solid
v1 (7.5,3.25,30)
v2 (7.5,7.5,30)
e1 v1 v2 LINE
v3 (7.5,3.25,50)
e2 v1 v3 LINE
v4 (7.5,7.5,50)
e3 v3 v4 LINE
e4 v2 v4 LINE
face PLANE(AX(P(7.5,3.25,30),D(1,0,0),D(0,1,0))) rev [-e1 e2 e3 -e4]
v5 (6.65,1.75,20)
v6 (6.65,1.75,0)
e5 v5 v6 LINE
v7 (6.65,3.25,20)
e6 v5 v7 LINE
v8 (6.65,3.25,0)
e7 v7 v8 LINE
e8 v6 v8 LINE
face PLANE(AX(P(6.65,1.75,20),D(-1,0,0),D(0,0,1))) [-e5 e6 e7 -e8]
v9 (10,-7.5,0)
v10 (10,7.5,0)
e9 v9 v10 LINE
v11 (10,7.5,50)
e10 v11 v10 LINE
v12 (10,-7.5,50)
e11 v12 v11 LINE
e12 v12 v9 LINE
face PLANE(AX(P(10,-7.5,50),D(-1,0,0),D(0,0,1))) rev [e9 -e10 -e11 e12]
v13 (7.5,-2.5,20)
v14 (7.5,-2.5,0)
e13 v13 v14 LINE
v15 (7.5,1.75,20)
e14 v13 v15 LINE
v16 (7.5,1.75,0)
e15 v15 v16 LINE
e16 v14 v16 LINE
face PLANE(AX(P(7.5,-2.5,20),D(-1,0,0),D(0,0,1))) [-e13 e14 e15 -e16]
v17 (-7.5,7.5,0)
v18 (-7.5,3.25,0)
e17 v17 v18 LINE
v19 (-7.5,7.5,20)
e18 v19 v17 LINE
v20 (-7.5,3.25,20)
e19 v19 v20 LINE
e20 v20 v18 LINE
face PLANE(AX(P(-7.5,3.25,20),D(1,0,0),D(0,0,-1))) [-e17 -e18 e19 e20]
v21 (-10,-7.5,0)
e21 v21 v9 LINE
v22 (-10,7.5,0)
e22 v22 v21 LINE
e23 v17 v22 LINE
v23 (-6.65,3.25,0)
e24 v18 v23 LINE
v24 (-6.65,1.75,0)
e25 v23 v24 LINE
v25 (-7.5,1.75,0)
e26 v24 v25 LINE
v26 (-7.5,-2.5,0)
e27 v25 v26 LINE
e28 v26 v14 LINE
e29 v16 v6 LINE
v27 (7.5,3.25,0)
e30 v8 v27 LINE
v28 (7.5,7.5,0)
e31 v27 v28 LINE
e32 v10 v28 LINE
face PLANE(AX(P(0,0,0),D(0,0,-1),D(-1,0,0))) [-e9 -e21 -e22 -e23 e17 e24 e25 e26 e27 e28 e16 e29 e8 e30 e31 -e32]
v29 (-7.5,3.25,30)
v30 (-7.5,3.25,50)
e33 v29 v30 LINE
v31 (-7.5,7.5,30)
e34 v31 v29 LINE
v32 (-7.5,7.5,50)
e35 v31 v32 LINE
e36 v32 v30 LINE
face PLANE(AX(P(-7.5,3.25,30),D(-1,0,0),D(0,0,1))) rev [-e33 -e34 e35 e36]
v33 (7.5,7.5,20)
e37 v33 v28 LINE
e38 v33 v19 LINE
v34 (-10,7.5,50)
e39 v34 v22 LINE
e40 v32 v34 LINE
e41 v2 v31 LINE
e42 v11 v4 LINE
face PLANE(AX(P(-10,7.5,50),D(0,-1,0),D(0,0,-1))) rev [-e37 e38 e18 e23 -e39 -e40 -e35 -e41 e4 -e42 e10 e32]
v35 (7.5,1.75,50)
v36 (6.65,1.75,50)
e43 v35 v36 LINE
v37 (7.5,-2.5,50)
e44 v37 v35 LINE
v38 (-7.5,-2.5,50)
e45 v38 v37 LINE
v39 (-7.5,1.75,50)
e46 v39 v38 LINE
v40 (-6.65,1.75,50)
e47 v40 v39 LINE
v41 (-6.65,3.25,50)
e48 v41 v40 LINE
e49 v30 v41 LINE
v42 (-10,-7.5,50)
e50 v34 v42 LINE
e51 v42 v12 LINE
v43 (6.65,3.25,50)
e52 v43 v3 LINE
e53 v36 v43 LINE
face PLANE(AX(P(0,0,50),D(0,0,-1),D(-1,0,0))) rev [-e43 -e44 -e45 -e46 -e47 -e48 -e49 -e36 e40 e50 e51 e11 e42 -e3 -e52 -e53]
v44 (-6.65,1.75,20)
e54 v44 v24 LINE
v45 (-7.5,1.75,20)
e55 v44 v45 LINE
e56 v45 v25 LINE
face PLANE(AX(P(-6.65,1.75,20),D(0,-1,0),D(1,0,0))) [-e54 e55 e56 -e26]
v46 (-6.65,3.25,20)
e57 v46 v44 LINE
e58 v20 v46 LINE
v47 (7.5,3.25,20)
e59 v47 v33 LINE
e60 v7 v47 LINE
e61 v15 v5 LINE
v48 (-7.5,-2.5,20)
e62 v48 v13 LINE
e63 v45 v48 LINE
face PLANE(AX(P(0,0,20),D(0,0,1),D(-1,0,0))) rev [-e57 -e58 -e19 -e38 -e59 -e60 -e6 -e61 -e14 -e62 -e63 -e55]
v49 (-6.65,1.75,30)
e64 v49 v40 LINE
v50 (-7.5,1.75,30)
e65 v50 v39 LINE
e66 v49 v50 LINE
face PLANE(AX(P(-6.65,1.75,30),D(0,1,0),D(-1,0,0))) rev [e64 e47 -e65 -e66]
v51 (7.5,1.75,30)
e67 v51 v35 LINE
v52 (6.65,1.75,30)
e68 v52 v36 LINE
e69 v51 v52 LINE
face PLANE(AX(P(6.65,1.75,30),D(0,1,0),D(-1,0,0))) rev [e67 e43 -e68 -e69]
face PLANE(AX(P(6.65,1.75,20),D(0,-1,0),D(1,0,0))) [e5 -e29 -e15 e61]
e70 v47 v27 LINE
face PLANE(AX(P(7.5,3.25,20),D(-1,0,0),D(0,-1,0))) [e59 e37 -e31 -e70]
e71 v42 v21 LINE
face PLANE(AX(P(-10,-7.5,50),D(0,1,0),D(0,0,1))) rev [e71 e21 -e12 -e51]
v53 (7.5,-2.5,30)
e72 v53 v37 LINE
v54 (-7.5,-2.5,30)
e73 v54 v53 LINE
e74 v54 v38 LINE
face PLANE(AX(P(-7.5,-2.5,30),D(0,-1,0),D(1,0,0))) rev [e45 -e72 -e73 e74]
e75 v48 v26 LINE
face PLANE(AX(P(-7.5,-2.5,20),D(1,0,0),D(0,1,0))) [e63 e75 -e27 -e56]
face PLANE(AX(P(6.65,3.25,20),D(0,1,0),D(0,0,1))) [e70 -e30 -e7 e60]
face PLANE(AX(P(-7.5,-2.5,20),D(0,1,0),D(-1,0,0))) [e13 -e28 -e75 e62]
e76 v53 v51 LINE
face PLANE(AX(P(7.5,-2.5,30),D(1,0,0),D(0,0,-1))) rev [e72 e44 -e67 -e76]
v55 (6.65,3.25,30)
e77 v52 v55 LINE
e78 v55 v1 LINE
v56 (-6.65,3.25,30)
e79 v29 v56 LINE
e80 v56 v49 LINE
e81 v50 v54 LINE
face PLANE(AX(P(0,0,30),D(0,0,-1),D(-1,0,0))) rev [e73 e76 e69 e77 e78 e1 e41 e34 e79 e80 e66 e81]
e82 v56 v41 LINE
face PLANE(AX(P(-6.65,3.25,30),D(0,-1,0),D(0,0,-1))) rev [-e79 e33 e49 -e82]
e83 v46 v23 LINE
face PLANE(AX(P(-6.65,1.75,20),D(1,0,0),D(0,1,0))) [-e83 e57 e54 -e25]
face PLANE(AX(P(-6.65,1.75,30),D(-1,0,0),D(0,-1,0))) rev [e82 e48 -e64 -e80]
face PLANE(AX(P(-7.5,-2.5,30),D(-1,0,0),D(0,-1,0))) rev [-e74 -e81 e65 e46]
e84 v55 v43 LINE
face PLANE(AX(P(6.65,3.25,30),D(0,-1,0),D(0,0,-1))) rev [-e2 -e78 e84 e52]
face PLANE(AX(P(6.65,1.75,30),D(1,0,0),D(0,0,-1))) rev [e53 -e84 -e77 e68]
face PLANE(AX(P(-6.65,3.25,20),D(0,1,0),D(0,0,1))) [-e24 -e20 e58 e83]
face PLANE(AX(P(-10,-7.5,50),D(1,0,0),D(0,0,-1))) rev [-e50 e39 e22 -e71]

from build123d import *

# Parameters (mm, degrees)
SKETCH2_W           = 20
SKETCH2_H           = 15
BOSS_EXTRUDE1_DEPTH = 50
CUT_EXTRUDE2_DEPTH  = 20


with BuildPart() as part:
    # Sketch2 → Boss-Extrude1 (new body)
    with BuildSketch(Plane.XY):
        Rectangle(SKETCH2_W, SKETCH2_H)
    extrude(amount=BOSS_EXTRUDE1_DEPTH)

    # Sketch4 → Cut-Extrude2 (cut)
    with BuildSketch(Plane.XY.offset(50)):
        Polygon((-7.5, -2.5), (7.5, -2.5), (7.5, 1.75), (6.65, 1.75), (6.65, 3.25), (7.5, 3.25), (7.5, 7.5), (-7.5, 7.5), (-7.5, 3.25), (-6.65, 3.25), (-6.65, 1.75), (-7.5, 1.75), align=None)
    cut_extrude2 = extrude(amount=-CUT_EXTRUDE2_DEPTH, mode=Mode.SUBTRACT)

    # Mirror1: Cut-Extrude2 across plane
    add(cut_extrude2.mirror(Plane.XY.offset(25)), mode=Mode.SUBTRACT)


solid = part.part
